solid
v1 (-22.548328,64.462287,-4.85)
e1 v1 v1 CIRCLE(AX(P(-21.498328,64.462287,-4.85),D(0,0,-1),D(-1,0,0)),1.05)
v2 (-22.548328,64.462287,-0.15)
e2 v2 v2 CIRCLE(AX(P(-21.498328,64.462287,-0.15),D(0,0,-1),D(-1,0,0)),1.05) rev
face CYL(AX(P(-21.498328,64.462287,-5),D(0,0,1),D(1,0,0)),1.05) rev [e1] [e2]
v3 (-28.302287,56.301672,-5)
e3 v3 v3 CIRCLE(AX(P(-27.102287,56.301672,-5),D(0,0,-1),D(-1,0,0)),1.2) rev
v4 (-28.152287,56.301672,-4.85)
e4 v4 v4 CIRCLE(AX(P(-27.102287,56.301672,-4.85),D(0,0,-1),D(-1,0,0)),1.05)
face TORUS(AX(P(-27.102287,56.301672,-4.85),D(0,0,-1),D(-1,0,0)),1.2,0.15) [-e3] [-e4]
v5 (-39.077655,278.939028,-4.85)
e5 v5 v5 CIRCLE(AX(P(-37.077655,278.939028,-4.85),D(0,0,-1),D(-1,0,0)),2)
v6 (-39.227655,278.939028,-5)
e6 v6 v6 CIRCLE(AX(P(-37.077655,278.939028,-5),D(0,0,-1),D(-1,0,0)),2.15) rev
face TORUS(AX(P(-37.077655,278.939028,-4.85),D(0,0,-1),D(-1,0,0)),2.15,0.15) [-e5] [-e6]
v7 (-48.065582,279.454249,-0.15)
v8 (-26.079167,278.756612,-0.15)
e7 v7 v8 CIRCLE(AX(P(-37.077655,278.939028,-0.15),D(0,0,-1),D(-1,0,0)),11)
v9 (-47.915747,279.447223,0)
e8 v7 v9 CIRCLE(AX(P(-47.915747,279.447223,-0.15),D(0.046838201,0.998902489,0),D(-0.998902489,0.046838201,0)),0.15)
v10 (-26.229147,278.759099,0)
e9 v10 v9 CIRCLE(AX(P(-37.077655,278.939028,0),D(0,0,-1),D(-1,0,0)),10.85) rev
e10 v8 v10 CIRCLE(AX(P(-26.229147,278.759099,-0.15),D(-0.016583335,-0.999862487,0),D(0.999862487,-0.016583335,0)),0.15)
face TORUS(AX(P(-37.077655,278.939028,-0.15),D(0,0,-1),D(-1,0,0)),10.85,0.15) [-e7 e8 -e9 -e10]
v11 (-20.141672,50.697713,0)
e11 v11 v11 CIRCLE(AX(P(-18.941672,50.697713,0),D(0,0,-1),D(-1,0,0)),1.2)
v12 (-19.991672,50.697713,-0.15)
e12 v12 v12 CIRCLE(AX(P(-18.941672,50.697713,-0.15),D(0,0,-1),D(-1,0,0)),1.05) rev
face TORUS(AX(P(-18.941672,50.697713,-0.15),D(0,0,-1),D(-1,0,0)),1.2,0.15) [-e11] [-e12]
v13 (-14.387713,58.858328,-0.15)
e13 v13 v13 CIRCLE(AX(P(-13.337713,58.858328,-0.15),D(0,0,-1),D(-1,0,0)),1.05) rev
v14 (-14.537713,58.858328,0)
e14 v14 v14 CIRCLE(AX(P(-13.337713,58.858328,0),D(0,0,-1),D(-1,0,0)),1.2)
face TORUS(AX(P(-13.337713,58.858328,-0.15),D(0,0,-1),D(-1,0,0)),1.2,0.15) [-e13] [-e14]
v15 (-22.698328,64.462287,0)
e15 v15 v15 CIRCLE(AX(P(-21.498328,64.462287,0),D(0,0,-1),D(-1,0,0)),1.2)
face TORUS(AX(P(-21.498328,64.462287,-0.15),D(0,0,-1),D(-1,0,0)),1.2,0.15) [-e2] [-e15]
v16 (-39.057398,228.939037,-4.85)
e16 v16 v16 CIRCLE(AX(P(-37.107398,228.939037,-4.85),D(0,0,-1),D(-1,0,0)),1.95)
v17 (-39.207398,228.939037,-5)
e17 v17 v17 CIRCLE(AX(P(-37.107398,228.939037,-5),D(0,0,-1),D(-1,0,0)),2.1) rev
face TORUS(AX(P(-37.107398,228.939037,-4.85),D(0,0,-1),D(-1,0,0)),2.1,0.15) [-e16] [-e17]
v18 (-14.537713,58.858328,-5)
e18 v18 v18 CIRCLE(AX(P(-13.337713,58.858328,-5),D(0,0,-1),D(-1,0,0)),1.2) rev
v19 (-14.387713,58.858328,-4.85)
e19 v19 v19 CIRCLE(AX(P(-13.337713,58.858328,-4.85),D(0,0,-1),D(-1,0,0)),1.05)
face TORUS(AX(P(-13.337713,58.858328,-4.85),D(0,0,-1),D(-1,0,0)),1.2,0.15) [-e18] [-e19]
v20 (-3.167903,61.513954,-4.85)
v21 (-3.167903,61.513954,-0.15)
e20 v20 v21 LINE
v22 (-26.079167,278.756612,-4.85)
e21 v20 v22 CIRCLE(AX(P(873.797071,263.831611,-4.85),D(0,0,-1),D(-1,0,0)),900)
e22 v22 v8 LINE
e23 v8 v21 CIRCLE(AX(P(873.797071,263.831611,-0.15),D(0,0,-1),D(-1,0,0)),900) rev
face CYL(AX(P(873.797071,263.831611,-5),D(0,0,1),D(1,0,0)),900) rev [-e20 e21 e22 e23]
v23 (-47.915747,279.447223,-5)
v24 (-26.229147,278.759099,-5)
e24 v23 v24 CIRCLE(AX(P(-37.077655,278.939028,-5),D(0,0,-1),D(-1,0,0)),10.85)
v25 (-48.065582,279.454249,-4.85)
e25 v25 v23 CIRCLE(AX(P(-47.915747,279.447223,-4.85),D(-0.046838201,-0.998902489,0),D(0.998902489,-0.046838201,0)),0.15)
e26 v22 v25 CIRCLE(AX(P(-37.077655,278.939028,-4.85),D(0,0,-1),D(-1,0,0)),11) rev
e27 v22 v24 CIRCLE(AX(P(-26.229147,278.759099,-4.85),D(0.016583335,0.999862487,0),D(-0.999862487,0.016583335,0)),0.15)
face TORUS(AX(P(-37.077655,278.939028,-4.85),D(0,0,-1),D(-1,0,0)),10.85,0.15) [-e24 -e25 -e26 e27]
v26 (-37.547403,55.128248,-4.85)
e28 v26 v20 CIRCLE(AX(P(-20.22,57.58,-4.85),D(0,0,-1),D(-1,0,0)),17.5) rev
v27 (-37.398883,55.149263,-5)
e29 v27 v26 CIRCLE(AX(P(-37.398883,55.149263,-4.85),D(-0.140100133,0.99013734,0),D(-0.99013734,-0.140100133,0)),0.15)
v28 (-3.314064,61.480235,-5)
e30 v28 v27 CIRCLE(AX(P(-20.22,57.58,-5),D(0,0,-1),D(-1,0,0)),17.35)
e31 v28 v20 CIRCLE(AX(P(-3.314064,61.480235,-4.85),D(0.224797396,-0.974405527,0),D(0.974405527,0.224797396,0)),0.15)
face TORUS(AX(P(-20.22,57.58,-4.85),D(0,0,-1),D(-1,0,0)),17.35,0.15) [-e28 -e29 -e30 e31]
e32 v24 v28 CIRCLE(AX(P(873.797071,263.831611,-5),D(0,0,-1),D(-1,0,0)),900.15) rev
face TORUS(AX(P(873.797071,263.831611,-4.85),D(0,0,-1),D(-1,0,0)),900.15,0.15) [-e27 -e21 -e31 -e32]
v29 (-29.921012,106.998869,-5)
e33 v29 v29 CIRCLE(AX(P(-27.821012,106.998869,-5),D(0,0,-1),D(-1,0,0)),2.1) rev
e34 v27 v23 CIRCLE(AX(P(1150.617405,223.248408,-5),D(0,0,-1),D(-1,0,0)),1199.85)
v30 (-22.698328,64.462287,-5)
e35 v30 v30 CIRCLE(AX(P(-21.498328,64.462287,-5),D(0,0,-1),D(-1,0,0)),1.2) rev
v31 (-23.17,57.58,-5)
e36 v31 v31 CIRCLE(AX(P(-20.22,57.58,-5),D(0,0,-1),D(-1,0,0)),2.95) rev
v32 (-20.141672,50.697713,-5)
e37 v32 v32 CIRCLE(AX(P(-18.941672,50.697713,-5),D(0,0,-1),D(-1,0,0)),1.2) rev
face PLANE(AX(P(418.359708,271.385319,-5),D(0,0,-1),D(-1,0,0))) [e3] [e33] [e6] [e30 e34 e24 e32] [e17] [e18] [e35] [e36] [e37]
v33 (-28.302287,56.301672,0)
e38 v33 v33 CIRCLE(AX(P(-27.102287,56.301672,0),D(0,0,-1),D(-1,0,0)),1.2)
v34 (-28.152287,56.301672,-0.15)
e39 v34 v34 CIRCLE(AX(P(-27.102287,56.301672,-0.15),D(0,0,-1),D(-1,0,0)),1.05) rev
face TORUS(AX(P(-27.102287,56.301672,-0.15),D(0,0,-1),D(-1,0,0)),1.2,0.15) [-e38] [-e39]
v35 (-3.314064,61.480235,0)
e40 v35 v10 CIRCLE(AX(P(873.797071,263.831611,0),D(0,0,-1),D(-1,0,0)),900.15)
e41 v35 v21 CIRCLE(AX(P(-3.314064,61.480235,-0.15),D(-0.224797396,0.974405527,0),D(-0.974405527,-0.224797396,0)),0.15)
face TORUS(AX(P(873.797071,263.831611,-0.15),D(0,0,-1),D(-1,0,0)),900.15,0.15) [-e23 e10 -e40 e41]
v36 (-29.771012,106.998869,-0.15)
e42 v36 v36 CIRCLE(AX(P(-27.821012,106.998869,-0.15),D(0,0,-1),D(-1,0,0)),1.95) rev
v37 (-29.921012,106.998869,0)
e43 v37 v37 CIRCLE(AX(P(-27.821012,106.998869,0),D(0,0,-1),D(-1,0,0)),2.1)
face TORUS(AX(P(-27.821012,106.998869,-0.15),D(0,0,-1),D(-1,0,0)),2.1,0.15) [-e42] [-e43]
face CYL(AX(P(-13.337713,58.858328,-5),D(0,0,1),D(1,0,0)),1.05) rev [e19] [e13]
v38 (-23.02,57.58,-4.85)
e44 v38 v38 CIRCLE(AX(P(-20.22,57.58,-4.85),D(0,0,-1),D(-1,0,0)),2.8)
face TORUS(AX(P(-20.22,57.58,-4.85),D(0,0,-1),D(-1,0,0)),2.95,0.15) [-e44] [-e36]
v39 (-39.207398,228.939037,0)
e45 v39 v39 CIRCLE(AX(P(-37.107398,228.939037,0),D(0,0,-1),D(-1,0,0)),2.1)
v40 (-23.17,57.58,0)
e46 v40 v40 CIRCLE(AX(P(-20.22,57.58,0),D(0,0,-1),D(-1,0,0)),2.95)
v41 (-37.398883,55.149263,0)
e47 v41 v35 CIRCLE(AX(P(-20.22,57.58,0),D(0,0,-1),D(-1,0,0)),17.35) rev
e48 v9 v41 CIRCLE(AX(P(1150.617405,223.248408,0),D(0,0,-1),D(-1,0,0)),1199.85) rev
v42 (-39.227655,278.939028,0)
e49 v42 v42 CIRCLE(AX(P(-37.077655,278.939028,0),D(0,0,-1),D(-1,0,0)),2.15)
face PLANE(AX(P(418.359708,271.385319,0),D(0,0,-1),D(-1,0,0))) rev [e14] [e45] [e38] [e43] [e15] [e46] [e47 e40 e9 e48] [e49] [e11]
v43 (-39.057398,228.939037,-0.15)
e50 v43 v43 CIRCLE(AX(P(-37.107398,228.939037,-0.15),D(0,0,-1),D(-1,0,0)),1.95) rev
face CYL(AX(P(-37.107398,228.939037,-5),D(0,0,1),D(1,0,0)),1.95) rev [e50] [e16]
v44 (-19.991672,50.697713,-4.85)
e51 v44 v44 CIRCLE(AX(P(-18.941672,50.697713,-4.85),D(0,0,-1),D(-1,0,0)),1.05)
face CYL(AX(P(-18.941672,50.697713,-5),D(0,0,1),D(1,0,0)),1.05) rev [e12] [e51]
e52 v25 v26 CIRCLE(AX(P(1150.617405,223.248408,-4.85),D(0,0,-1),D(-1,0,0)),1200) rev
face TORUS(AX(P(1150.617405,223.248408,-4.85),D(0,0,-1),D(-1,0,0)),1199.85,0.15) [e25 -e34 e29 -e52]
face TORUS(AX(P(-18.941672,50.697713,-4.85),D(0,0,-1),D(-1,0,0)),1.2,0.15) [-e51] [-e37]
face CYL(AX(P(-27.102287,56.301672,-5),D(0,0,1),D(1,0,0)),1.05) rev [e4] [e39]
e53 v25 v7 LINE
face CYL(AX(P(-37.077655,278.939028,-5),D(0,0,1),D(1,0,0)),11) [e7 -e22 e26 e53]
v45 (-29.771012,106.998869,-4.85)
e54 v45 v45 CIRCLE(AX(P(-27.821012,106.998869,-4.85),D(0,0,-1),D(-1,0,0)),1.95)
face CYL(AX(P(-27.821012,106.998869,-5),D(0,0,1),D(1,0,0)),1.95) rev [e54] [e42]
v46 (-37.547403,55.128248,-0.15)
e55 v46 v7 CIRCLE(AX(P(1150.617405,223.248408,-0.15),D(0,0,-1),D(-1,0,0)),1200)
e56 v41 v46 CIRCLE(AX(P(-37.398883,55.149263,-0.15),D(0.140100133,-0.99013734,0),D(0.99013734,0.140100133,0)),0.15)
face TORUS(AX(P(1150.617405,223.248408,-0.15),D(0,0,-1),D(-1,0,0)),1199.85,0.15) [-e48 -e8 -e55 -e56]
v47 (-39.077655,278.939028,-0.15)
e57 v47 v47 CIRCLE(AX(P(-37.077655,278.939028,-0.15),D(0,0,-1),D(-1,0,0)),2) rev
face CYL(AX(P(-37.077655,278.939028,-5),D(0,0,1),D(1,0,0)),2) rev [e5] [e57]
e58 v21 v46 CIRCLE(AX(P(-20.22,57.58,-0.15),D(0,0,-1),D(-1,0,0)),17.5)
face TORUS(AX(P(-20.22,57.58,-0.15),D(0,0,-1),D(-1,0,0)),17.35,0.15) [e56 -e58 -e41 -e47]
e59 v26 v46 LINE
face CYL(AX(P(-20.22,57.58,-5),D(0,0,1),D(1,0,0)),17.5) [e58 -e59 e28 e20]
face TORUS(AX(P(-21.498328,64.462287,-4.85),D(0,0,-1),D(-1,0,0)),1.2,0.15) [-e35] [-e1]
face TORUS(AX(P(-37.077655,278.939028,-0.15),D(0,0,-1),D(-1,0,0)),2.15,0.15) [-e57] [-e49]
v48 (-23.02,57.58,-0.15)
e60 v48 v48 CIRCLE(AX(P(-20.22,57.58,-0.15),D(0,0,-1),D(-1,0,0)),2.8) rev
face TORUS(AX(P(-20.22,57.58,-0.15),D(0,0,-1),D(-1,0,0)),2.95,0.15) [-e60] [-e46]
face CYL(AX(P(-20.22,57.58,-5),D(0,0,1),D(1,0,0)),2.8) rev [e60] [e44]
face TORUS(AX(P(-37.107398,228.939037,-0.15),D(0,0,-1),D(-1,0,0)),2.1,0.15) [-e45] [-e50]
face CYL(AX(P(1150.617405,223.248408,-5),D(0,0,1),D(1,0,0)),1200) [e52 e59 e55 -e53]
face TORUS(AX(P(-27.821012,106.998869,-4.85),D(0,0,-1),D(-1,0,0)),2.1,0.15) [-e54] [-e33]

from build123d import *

# Parameters (mm, degrees)
SKETCH1_R           = 2.8
SKETCH1_R_2         = 2
SKETCH1_R_3         = 1.95
SKETCH1_R_4         = 1.05
BOSS_EXTRUDE1_DEPTH = 5
FILLET1_R           = 0.15


with BuildPart() as part:
    # Sketch1 → Boss-Extrude1 (new body)
    with BuildSketch(Plane.XY):
        with BuildLine():
            ThreePointArc((-26.079167388, 278.756611768), (-21.239110839, 169.437578513), (-3.167903279, 61.513954424))
            ThreePointArc((-3.167903279, 61.513954424), (-17.024180678, 40.374281798), (-37.547403455, 55.128247669))
            ThreePointArc((-37.547403455, 55.128247669), (-48.065680098, 167.044655833), (-48.065582127, 279.454248661))
            ThreePointArc((-48.065582127, 279.454248661), (-36.728796341, 289.933495141), (-26.079167388, 278.756611768))
        make_face()
        with Locations((-20.22, 57.58)):
            Circle(SKETCH1_R, mode=Mode.SUBTRACT)
        with Locations((-37.077654746, 278.93902845)):
            Circle(SKETCH1_R_2, mode=Mode.SUBTRACT)
        with Locations((-37.107397794, 228.939037297)):
            Circle(SKETCH1_R_3, mode=Mode.SUBTRACT)
        with Locations((-27.821012361, 106.998868978)):
            Circle(SKETCH1_R_3, mode=Mode.SUBTRACT)
        with Locations((-18.941672271, 50.697712719)):
            Circle(SKETCH1_R_4, mode=Mode.SUBTRACT)
        with Locations((-27.102287281, 56.301672271)):
            Circle(SKETCH1_R_4, mode=Mode.SUBTRACT)
        with Locations((-21.498327729, 64.462287281)):
            Circle(SKETCH1_R_4, mode=Mode.SUBTRACT)
        with Locations((-13.337712719, 58.858327729)):
            Circle(SKETCH1_R_4, mode=Mode.SUBTRACT)
    extrude(amount=-BOSS_EXTRUDE1_DEPTH)

    # Fillet1
    fillet1_edges = [part.edges().sort_by_distance(p)[0] for p in [
        (-23.02, 57.58, -5),
        (-23.02, 57.58, 0),
        (-17.024180678, 40.374281798, -5),
        (-39.077654746, 278.93902845, -5),
        (-39.077654746, 278.93902845, 0),
        (-21.239110839, 169.437578513, -5),
        (-29.771012361, 106.998868978, -5),
        (-29.771012361, 106.998868978, 0),
        (-39.057397794, 228.939037297, -5),
        (-39.057397794, 228.939037297, 0),
        (-19.991672271, 50.697712719, -5),
        (-19.991672271, 50.697712719, 0),
        (-28.152287281, 56.301672271, -5),
        (-28.152287281, 56.301672271, 0),
        (-22.548327729, 64.462287281, -5),
        (-22.548327729, 64.462287281, 0),
        (-14.387712719, 58.858327729, -5),
        (-14.387712719, 58.858327729, 0),
        (-36.728796341, 289.933495141, -5),
        (-21.239110839, 169.437578513, 0),
        (-17.024180678, 40.374281798, 0),
        (-48.065680098, 167.044655833, 0),
        (-36.728796341, 289.933495141, 0),
        (-48.065680098, 167.044655833, -5),
    ]]
    fillet(fillet1_edges, radius=FILLET1_R)


solid = part.part
